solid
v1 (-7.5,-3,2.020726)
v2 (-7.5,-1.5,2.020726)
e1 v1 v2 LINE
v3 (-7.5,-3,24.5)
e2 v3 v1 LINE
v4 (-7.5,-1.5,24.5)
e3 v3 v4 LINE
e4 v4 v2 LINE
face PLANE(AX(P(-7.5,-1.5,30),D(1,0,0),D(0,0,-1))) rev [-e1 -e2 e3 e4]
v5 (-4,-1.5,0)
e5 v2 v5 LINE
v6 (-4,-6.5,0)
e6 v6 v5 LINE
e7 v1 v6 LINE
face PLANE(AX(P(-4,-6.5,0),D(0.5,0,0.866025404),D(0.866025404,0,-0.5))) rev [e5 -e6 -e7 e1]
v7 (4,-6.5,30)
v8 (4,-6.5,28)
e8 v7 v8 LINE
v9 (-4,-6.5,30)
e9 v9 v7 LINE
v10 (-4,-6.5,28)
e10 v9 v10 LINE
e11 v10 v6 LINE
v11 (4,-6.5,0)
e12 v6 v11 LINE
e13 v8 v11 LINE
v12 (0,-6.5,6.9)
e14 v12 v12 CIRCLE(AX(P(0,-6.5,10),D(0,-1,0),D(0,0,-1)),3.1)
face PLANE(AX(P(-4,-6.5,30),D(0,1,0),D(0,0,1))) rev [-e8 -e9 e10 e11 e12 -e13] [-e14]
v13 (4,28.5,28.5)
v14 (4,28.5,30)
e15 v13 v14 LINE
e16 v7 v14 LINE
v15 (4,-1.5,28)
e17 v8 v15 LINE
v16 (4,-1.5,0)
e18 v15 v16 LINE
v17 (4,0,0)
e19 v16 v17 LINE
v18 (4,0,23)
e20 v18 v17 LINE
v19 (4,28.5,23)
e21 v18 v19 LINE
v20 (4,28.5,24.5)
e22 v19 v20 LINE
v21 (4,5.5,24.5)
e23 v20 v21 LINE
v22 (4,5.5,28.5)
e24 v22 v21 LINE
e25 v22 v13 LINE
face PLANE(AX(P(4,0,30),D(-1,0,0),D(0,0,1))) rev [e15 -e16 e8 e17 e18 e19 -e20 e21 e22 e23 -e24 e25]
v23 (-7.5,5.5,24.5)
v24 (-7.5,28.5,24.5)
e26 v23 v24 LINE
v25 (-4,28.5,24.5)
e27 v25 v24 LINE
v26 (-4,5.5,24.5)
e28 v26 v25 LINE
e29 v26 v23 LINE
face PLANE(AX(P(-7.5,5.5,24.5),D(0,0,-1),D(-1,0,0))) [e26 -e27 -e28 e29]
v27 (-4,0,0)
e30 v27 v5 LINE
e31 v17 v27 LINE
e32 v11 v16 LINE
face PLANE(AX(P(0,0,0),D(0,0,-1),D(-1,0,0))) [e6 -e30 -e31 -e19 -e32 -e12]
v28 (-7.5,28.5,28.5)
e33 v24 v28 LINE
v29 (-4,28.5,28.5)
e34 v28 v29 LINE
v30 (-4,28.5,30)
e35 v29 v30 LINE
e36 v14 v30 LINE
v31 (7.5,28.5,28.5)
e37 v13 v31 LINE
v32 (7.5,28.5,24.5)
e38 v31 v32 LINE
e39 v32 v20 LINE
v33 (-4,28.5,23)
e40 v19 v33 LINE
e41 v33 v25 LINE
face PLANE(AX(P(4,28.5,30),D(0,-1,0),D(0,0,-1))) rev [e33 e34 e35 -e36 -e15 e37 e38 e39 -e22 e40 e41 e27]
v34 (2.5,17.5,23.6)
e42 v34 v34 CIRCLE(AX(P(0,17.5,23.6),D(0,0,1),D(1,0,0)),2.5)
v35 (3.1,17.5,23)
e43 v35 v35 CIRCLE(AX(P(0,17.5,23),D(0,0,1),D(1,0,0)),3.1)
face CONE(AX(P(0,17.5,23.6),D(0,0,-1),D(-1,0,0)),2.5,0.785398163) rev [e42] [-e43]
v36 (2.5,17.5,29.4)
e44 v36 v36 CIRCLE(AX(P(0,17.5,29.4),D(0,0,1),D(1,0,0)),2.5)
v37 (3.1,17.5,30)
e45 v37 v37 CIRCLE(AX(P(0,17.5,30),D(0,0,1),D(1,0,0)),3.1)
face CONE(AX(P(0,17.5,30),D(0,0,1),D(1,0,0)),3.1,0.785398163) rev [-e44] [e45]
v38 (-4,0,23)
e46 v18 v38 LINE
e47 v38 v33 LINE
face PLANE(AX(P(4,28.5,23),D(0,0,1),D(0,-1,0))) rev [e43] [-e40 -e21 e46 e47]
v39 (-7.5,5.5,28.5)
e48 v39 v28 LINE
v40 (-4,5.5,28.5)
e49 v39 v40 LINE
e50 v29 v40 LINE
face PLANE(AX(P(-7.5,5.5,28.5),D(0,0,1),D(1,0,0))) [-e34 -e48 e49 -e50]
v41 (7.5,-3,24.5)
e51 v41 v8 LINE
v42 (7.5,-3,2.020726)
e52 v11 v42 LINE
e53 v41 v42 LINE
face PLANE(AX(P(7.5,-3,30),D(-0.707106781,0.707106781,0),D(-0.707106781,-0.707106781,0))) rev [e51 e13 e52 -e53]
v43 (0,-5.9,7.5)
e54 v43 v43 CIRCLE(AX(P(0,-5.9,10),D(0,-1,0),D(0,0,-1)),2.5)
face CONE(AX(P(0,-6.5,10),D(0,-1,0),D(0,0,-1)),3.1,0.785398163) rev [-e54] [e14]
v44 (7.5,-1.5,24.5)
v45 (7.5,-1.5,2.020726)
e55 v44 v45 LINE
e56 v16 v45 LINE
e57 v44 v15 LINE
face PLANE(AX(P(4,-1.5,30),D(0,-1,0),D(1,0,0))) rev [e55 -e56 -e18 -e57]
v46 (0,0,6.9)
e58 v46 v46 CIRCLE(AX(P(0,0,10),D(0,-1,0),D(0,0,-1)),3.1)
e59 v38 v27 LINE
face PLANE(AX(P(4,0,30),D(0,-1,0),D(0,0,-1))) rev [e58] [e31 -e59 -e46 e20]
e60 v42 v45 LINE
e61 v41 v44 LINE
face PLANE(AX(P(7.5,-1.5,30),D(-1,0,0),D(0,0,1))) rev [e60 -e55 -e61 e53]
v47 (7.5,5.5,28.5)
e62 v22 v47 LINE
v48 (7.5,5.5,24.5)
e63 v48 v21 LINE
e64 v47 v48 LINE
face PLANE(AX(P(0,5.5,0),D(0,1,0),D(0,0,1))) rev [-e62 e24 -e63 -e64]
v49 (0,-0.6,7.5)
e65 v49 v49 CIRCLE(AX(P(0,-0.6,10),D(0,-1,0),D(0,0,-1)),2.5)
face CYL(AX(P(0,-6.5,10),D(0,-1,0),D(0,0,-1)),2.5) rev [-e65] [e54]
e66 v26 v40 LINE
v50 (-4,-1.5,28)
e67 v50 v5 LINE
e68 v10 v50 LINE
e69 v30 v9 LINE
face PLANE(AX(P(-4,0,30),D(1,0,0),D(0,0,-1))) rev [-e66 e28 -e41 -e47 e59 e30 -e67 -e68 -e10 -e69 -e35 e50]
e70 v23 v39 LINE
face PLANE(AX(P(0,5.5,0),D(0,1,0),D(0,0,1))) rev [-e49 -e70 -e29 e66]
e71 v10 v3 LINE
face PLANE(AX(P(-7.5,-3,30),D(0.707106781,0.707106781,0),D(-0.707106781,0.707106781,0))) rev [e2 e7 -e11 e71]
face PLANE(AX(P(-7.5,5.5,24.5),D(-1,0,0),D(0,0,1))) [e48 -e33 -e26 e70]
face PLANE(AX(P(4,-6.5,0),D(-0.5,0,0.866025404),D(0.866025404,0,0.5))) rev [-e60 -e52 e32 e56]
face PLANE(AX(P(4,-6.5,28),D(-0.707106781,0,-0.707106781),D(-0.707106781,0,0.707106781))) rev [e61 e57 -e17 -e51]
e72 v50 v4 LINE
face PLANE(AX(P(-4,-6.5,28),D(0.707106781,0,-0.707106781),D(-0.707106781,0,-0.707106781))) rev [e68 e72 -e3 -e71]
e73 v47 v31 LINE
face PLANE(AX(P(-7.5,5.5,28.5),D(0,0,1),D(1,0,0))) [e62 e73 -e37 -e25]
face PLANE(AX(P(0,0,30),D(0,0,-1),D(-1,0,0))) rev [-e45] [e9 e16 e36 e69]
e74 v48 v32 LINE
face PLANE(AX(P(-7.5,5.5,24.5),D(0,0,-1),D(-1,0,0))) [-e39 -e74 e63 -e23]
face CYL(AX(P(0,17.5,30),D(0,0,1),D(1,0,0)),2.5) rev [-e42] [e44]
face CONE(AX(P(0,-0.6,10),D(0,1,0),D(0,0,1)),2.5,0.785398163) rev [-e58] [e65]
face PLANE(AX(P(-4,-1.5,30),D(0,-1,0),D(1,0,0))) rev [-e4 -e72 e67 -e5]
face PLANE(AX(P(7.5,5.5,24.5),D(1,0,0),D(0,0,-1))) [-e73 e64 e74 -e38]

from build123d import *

# Parameters (mm, degrees)
EXTRUDE_1_DEPTH     = 30
SKETCH_2_W          = 7
SKETCH_2_H          = 35
EXTRUDE_2_DEPTH     = 4
CUT_EXTRUDE_1_DEPTH = 6
SKETCH_4_W          = 15
SKETCH_4_H          = 4
EXTRUDE_3_DEPTH     = 23


with BuildPart() as part:
    # Эскиз1 → Бобышка-Вытянуть1 (new body)
    with BuildSketch(Plane.XY):
        Polygon((4, 0), (-4, 0), (-4, -1.5), (-7.5, -1.5), (-7.5, -3), (-4, -6.5), (4, -6.5), (7.5, -3), (7.5, -1.5), (4, -1.5), align=None)
    extrude(amount=EXTRUDE_1_DEPTH)

    # Эскиз2 → Бобышка-Вытянуть2 (add, symmetric)
    with BuildSketch(Plane(origin=(0, 0, 0), x_dir=(0, 0, -1), z_dir=(1, 0, 0))):
        with Locations((-26.5, 11)):
            Rectangle(SKETCH_2_W, SKETCH_2_H)
    extrude(amount=EXTRUDE_2_DEPTH, both=True)

    # Эскиз3 → Вырез-Вытянуть1 (cut, through all)
    with BuildSketch(Plane(origin=(0, -1.5, 0), x_dir=(1, 0, 0), z_dir=(0, 1, 0))):
        Polygon((-4, 0), (-7.5, -2.020725942), (-7.5, 0), align=None)
        Polygon((-4, -28), (-7.5, -24.5), (-7.5, -30), (-4, -30), align=None)
        Polygon((4, -30), (4, -28), (7.5, -24.5), (7.5, -30), align=None)
        Polygon((7.5, 0), (4, 0), (7.5, -2.020725942), align=None)
    extrude(amount=-CUT_EXTRUDE_1_DEPTH, mode=Mode.SUBTRACT)

    # Эскиз4 → Бобышка-Вытянуть3 (add)
    with BuildSketch(Plane(origin=(0, 28.5, 0), x_dir=(1, 0, 0), z_dir=(0, 1, 0))):
        with Locations((0, -26.5)):
            Rectangle(SKETCH_4_W, SKETCH_4_H)
    extrude(amount=-EXTRUDE_3_DEPTH)

    # Эскиз6 → Отверстие обработанное метчиком M61 (revolve, cut)
    with BuildSketch(Plane(origin=(0, -6.5, 10), x_dir=(0, 0, -1), z_dir=(1, 0, 0))):
        Polygon((0, 0), (0, 6.5), (3.1, 6.5), (2.5, 5.9), (2.5, 0.6), (3.1, 0), align=None)
    revolve(axis=Axis((0, -12.85, 10), (0, 1, 0)), mode=Mode.SUBTRACT)

    # Эскиз8 → Отверстие обработанное метчиком M62 (revolve, cut)
    with BuildSketch(Plane(origin=(0, 17.5, 30), x_dir=(0, -1, 0), z_dir=(1, 0, 0))):
        Polygon((0, 0), (0, 7), (3.1, 7), (2.5, 6.4), (2.5, 0.6), (3.1, 0), align=None)
    revolve(axis=Axis((0, 17.5, 36.35), (0, 0, -1)), mode=Mode.SUBTRACT)


solid = part.part
